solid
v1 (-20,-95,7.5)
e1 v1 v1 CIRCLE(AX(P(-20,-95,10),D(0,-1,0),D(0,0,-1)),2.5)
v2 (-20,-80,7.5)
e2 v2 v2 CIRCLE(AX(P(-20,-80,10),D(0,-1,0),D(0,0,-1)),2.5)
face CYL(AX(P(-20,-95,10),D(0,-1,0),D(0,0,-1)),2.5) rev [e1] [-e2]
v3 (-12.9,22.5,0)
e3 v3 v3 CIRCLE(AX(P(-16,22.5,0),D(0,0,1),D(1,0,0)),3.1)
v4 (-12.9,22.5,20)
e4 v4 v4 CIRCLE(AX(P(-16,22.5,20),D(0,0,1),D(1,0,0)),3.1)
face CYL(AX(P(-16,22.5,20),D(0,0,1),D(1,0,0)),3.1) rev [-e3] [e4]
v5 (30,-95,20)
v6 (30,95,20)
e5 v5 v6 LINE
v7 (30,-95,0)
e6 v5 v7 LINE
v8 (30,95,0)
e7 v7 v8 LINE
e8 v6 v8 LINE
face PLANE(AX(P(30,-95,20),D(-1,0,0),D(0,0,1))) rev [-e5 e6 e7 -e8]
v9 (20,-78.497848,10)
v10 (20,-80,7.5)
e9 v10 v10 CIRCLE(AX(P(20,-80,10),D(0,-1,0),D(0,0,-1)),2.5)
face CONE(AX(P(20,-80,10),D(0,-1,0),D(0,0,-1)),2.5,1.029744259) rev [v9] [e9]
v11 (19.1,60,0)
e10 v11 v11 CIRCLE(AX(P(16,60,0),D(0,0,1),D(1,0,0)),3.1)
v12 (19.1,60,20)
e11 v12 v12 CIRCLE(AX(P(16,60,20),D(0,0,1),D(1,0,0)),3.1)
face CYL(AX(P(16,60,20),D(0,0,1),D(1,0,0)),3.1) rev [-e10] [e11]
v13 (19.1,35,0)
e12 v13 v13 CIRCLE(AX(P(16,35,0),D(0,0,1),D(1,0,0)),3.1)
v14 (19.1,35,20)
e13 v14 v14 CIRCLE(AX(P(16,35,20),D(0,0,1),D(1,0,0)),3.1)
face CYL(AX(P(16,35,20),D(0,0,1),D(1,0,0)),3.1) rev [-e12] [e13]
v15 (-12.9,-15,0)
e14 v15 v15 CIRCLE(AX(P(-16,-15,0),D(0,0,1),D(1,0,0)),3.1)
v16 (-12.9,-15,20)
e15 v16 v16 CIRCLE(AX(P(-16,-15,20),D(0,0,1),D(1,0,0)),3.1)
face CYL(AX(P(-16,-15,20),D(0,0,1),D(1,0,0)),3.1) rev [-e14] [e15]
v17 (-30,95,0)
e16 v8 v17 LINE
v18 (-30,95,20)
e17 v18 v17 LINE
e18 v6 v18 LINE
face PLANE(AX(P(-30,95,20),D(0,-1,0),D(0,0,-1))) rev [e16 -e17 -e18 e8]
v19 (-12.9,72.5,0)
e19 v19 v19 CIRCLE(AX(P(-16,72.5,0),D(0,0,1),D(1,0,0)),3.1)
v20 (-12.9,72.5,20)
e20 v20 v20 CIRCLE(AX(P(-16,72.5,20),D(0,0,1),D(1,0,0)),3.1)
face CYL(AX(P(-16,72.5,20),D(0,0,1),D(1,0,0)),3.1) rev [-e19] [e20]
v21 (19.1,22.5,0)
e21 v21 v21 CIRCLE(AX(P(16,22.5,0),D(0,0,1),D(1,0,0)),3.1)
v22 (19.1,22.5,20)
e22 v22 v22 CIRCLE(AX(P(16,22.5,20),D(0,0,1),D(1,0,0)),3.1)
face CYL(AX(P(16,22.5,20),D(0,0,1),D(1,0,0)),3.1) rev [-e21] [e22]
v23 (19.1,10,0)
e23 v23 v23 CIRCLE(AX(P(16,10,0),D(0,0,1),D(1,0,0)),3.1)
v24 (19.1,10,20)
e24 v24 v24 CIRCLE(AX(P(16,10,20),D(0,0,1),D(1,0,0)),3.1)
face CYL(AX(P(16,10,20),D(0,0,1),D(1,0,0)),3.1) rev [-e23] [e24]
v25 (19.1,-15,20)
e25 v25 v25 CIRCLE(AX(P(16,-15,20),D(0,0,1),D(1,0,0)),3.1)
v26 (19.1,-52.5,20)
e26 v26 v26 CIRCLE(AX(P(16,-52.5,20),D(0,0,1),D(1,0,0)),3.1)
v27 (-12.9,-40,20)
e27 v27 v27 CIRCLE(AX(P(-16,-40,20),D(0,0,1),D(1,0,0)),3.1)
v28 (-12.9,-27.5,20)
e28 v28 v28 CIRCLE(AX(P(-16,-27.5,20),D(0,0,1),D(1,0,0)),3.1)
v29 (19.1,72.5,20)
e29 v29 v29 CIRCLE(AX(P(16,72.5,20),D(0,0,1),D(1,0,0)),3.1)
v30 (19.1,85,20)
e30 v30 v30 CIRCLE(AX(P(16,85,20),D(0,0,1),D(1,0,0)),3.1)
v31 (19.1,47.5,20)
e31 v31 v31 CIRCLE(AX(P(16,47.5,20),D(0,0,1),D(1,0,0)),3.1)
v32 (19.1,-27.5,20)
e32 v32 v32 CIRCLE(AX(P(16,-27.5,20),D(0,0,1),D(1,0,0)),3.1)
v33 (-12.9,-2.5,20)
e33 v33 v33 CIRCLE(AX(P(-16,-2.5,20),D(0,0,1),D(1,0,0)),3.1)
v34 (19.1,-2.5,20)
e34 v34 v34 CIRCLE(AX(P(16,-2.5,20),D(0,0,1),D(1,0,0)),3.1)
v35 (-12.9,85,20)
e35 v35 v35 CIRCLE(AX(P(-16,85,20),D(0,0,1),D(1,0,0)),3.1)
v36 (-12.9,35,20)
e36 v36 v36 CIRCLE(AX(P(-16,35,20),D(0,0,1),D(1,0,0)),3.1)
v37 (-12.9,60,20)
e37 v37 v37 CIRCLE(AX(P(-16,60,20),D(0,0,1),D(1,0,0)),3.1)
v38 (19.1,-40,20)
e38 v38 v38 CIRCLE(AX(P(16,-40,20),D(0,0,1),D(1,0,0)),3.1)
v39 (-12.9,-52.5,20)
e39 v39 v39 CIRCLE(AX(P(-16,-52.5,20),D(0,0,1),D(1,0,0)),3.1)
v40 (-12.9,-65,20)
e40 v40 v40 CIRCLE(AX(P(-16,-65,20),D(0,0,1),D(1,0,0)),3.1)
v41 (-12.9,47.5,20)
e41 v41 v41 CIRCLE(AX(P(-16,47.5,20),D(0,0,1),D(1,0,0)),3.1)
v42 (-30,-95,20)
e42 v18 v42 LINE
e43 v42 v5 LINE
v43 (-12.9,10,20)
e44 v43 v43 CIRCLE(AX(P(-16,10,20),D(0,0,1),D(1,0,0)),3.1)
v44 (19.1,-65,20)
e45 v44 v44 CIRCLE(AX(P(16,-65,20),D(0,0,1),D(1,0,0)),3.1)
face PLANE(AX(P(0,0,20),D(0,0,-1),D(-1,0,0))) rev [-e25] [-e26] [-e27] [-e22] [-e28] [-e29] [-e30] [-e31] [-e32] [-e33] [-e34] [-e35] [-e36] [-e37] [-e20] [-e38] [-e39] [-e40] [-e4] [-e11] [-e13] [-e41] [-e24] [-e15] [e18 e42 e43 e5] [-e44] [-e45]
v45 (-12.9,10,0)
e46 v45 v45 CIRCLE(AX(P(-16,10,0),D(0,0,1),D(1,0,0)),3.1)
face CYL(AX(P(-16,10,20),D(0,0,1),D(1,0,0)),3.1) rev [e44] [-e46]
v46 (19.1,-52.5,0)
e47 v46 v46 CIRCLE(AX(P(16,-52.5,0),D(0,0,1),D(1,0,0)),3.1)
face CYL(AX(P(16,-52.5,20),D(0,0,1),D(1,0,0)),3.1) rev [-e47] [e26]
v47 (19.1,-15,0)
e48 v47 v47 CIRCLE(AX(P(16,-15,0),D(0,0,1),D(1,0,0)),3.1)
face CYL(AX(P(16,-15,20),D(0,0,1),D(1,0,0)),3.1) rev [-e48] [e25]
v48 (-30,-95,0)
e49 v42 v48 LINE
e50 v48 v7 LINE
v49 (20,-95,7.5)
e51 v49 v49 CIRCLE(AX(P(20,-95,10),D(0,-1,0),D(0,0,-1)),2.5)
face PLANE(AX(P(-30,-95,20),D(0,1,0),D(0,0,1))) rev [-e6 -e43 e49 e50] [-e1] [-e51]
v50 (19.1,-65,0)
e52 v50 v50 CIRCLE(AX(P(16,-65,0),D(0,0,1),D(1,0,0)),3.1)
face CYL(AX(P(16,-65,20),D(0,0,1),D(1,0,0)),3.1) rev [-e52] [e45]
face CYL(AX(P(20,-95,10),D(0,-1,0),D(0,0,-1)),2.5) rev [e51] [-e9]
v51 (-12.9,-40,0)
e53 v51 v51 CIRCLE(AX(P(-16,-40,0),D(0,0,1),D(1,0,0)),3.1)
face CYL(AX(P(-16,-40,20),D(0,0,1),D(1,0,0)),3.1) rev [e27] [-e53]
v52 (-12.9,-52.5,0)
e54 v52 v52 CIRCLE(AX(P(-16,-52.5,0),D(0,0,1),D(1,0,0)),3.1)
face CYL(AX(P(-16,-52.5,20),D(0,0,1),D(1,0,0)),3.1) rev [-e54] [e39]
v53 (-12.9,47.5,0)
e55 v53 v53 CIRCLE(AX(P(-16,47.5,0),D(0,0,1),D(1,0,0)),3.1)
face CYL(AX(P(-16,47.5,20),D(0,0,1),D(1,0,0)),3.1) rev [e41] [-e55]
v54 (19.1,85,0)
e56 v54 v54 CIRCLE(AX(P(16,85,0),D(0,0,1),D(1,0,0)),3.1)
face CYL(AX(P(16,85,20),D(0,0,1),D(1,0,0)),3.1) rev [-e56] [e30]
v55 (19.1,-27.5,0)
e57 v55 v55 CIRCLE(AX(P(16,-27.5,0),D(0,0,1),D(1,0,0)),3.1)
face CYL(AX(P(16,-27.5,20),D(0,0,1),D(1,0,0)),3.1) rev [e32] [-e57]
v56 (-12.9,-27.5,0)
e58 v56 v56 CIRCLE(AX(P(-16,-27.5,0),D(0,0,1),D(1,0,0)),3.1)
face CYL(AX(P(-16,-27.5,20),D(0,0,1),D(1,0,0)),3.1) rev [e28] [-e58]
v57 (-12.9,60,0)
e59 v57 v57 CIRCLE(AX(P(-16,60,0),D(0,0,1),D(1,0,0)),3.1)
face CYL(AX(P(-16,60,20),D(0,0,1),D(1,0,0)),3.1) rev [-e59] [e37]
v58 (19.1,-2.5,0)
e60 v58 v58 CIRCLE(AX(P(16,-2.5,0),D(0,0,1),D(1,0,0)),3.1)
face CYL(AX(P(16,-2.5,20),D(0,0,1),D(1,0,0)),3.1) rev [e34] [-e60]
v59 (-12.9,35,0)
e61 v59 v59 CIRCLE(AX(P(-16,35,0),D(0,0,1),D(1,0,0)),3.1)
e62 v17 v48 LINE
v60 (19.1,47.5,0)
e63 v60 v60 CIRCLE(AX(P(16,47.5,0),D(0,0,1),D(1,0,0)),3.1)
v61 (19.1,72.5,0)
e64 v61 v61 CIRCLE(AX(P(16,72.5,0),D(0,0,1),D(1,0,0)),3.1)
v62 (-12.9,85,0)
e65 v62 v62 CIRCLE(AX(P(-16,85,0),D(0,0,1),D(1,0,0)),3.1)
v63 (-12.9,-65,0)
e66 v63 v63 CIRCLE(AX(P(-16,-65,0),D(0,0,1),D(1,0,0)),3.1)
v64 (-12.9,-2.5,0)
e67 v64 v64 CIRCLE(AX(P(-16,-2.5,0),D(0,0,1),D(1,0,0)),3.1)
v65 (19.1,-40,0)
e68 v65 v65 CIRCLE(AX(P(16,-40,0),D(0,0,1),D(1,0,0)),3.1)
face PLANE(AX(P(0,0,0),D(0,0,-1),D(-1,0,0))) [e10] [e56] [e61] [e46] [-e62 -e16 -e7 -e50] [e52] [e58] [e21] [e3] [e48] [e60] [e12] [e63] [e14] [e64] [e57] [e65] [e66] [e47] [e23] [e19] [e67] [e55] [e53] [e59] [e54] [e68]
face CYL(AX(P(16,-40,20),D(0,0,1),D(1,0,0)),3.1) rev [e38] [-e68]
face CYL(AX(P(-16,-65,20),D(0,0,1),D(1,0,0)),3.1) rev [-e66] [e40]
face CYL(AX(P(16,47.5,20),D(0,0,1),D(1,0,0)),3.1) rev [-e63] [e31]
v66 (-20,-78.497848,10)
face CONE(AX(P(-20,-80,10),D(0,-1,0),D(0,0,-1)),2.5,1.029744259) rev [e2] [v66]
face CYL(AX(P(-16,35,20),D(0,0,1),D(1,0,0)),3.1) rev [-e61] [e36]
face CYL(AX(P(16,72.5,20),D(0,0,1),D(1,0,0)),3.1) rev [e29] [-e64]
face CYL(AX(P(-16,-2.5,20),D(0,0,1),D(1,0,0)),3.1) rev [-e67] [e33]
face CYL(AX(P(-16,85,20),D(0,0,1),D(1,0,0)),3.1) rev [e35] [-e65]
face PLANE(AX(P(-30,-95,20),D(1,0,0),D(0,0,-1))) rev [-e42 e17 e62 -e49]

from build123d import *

# Parameters (mm, degrees)
ESQUISSE1_W                                   = 60
ESQUISSE1_H                                   = 190
BOSS_EXTRU_1_DEPTH                            = 20
TROU_POUR_TARAUDAGE_POUR_TROU_TARAUD_M6_D     = 5
TROU_POUR_TARAUDAGE_POUR_TROU_TARAUD_M6_DEPTH = 15
TROU_POUR_TARAUDAGE_POUR_TROU_TARAUD_M6_TIP   = 1.502151548
D_GAGEMENT_M61_D                              = 6.2
R_P_TITION_LIN_AIRE1_COUNT                    = 13
R_P_TITION_LIN_AIRE1_PITCH                    = 12.5


with BuildPart() as part:
    # Esquisse1 → Boss.-Extru.1 (new body)
    with BuildSketch(Plane.XY):
        Rectangle(ESQUISSE1_W, ESQUISSE1_H)
    extrude(amount=BOSS_EXTRU_1_DEPTH)

    # Trou pour taraudage pour trou taraudé M61
    with Locations(Plane(origin=(0, -95, 0), x_dir=(-1, 0, 0), z_dir=(0, -1, 0))):
        with Locations((-20, -10), (20, -10)):
            Hole(TROU_POUR_TARAUDAGE_POUR_TROU_TARAUD_M6_D / 2, depth=TROU_POUR_TARAUDAGE_POUR_TROU_TARAUD_M6_DEPTH)
            with Locations((0, 0, -(TROU_POUR_TARAUDAGE_POUR_TROU_TARAUD_M6_DEPTH + TROU_POUR_TARAUDAGE_POUR_TROU_TARAUD_M6_TIP / 2))):  # 118° drill point
                Cone(0, TROU_POUR_TARAUDAGE_POUR_TROU_TARAUD_M6_D / 2, TROU_POUR_TARAUDAGE_POUR_TROU_TARAUD_M6_TIP, mode=Mode.SUBTRACT)

    # Dégagement M61 (through all)
    with Locations(Plane.XY.offset(20)):
        with Locations((-16, -65), (16, -65)):
            d_gagement_m61 = Hole(D_GAGEMENT_M61_D / 2)

    # Répétition linéaire1: Dégagement M61 ×13
    with Locations(*[(0, i * R_P_TITION_LIN_AIRE1_PITCH, 0) for i in range(1, R_P_TITION_LIN_AIRE1_COUNT)]):
        add(d_gagement_m61, mode=Mode.SUBTRACT)


solid = part.part
